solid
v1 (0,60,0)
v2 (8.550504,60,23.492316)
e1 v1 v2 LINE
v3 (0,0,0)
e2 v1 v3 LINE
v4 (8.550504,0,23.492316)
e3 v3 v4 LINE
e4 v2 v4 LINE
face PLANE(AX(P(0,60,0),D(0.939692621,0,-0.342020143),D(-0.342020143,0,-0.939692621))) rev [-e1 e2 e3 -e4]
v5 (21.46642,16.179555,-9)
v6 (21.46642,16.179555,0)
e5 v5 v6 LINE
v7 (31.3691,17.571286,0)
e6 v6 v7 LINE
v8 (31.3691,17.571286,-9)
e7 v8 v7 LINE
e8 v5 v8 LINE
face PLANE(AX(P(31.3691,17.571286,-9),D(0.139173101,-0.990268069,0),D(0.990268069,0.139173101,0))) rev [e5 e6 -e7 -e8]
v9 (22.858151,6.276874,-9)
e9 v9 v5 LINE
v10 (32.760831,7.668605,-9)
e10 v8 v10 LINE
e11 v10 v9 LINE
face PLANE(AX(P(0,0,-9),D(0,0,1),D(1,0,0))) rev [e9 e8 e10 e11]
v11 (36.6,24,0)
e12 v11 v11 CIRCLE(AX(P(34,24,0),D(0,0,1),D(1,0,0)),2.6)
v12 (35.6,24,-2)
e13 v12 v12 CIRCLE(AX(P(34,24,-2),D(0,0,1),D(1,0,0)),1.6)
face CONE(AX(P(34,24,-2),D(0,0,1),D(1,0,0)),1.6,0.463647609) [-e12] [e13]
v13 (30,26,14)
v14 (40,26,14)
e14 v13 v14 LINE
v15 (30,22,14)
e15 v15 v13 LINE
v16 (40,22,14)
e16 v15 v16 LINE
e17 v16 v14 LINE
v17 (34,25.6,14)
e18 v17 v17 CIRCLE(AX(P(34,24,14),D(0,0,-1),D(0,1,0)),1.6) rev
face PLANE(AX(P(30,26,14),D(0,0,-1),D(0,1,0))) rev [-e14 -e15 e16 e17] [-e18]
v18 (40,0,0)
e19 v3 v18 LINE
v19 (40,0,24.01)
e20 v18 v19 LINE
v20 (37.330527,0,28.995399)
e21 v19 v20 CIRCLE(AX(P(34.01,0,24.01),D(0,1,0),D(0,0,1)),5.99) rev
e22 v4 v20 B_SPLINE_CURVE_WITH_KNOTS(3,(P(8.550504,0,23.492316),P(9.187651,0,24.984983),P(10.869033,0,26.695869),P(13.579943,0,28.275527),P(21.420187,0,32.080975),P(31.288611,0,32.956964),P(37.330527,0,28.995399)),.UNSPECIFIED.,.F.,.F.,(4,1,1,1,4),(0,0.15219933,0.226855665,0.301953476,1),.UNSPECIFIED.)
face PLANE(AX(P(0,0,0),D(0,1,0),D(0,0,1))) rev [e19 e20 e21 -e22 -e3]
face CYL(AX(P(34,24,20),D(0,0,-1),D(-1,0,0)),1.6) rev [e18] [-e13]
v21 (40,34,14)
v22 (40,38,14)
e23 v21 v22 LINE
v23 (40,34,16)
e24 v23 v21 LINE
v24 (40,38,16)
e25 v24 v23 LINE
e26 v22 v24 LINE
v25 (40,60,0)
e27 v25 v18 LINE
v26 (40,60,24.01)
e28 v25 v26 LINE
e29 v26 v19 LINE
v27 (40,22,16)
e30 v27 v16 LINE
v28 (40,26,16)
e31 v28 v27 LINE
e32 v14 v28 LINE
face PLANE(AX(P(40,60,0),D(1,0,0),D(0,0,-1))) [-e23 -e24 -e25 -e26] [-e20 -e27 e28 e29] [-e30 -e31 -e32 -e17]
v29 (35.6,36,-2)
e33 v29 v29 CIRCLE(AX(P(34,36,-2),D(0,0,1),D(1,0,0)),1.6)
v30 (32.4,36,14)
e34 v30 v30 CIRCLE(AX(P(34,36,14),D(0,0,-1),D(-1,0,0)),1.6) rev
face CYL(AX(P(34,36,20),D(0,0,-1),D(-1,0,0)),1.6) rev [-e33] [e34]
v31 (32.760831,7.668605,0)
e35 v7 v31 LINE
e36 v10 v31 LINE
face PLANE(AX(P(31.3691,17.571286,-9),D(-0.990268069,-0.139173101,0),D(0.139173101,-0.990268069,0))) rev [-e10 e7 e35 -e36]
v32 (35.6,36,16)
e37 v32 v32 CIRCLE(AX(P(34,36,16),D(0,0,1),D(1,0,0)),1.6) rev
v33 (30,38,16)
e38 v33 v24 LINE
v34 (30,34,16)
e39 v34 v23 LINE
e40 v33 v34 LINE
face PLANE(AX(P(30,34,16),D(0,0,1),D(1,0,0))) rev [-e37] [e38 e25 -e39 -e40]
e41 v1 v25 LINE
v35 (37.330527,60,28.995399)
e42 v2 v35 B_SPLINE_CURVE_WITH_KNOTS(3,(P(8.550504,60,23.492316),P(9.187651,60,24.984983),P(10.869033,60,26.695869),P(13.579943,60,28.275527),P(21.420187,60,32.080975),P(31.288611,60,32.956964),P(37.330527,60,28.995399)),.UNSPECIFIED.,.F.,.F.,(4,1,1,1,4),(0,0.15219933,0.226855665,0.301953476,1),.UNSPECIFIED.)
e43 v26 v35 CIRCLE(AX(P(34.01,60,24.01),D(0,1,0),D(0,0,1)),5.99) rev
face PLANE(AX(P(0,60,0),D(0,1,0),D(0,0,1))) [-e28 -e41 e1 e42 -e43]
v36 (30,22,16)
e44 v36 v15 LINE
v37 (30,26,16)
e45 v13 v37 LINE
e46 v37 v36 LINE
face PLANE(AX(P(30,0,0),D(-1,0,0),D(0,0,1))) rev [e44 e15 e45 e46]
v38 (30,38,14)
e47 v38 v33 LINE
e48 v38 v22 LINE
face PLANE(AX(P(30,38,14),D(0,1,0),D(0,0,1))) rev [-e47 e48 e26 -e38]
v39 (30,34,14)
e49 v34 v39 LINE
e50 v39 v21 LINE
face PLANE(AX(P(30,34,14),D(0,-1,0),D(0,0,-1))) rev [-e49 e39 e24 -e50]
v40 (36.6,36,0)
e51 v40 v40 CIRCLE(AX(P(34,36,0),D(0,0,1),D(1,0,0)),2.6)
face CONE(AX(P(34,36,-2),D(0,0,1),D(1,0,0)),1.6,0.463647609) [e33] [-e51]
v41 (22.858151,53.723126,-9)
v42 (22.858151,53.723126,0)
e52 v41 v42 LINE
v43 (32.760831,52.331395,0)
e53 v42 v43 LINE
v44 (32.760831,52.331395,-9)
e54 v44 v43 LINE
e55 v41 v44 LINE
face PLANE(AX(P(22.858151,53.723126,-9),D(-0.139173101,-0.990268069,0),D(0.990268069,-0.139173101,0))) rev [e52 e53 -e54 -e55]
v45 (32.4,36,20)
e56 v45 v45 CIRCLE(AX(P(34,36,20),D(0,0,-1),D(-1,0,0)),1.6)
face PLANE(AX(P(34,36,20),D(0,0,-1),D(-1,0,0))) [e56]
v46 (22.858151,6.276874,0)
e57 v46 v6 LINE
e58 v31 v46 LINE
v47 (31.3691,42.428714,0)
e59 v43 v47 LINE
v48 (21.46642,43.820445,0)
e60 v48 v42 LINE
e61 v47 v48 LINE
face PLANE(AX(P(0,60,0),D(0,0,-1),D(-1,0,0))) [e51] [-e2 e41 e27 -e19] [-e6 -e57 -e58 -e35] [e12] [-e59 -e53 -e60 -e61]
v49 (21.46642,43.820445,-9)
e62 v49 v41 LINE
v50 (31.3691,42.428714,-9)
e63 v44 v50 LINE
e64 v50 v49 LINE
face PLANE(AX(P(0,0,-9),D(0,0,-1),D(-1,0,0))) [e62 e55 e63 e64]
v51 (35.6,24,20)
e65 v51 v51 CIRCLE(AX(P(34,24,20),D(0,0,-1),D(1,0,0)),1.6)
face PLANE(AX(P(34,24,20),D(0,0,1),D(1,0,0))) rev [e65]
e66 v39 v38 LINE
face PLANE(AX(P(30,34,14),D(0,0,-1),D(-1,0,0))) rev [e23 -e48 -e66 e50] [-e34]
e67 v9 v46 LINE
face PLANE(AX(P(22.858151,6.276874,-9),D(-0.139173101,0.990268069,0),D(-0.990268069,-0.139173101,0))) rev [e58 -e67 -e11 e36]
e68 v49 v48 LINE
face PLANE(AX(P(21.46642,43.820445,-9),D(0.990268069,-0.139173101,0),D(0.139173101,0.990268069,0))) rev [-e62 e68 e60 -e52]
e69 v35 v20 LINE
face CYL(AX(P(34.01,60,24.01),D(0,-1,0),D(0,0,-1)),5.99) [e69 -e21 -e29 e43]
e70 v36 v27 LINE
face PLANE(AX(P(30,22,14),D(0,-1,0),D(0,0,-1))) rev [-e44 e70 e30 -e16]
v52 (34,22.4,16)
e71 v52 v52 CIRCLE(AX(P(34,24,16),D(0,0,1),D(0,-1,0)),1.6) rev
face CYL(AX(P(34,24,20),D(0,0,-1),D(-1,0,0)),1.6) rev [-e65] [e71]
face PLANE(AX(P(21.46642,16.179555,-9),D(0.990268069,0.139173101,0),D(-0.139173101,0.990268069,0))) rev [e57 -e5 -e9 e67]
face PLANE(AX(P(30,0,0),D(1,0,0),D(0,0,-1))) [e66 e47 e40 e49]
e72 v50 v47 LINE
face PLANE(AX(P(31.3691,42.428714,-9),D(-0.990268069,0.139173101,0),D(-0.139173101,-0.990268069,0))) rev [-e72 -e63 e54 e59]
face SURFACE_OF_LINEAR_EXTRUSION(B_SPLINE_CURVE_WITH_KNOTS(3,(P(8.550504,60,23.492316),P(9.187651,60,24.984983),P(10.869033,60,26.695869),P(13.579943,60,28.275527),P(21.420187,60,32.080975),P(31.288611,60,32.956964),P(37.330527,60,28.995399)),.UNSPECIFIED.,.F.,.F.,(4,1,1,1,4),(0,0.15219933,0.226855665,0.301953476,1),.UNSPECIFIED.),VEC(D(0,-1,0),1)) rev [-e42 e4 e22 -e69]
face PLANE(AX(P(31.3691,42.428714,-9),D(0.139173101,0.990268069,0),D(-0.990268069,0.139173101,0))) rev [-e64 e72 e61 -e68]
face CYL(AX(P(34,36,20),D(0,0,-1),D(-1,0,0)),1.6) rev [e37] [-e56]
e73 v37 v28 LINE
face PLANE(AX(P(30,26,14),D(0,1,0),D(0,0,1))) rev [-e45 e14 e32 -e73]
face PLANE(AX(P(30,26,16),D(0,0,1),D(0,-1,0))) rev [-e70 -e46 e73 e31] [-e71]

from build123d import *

# Parameters (mm, degrees)
BOSS_EXTRUDE1_DEPTH = 60
SKETCH2_R           = 1.6
CUT_EXTRUDE1_DEPTH  = 20
SKETCH4_W           = 2
SKETCH4_H           = 4
CUT_EXTRUDE2_DEPTH  = 10
BOSS_EXTRUDE2_DEPTH = 9


with BuildPart() as part:
    # Sketch1 → Boss-Extrude1 (new body)
    with BuildSketch(Plane(origin=(0, 0, 0), x_dir=(1, 0, 0), z_dir=(0, 1, 0))):
        with BuildLine():
            Line((40, 0), (0, 0))
            Line((0, 0), (8.550503583, -23.49231552))
            add(Edge.make_bspline(
                [(8.550503583, -23.49231552), (9.187650747, -24.984982914), (10.869033495, -26.695868857), (13.579943454, -28.275526589), (21.375498678, -32.059284682), (31.165356306, -32.945912064), (37.204636828, -29.076990777)],
                knots=[0, 0, 0, 0, 0.15219933, 0.226855665, 0.301953476, 0.995167611, 0.995167611, 0.995167611, 0.995167611], degree=3))
            add(Edge.make_bspline(
                [(37.204636828, -29.076990777), (37.246736594, -29.050020564), (37.288700602, -29.022823469), (37.330527165, -28.995398615)],
                knots=[0.995167611, 0.995167611, 0.995167611, 0.995167611, 1, 1, 1, 1], degree=3))
            ThreePointArc((37.330527165, -28.995398615), (39.290627696, -26.837555683), (40, -24.01))
            Line((40, -24.01), (40, 0))
        make_face()
    extrude(amount=BOSS_EXTRUDE1_DEPTH)

    # Sketch2 → Cut-Extrude1 (cut)
    with BuildSketch(Plane(origin=(0, 0, 0), x_dir=(-1, 0, 0), z_dir=(0, 0, -1))):
        with Locations((-34, 36)):
            Circle(SKETCH2_R)
        with Locations((-34, 24)):
            Circle(SKETCH2_R)
    extrude(amount=-CUT_EXTRUDE1_DEPTH, mode=Mode.SUBTRACT)

    # Sketch4 → Cut-Extrude2 (cut)
    with BuildSketch(Plane(origin=(40, 0, 0), x_dir=(0, 0, -1), z_dir=(1, 0, 0))):
        with Locations((-15, 24)):
            Rectangle(SKETCH4_W, SKETCH4_H)
        with Locations((-15, 36)):
            Rectangle(SKETCH4_W, SKETCH4_H)
    extrude(amount=-CUT_EXTRUDE2_DEPTH, mode=Mode.SUBTRACT)

    # Sketch5 → Boss-Extrude2 (add)
    with BuildSketch(Plane(origin=(0, 0, 0), x_dir=(-1, 0, 0), z_dir=(0, 0, -1))):
        Polygon((-31.369100365, 42.428714266), (-32.760831375, 52.331394953), (-22.858150687, 53.723125963), (-21.466419678, 43.820445275), align=None)
        Polygon((-31.369100365, 17.571285734), (-32.760831375, 7.668605047), (-22.858150687, 6.276874037), (-21.466419678, 16.179554725), align=None)
    extrude(amount=BOSS_EXTRUDE2_DEPTH)

    # Sketch6 → Revolve1 (revolve)
    with BuildSketch(Plane(origin=(34, 0, 0), x_dir=(0, 0, -1), z_dir=(1, 0, 0))):
        Polygon((0, 37.6), (2, 37.6), (0, 38.6), align=None)
    revolve(axis=Axis((34, 36, 0), (0, 0, -1)))

    # Sketch7 → Revolve2 (revolve)
    with BuildSketch(Plane(origin=(34, 0, 0), x_dir=(0, 0, -1), z_dir=(1, 0, 0))):
        Polygon((0, 25.6), (2, 25.6), (0, 26.6), align=None)
    revolve(axis=Axis((34, 24, 0), (0, 0, -1)))


solid = part.part
